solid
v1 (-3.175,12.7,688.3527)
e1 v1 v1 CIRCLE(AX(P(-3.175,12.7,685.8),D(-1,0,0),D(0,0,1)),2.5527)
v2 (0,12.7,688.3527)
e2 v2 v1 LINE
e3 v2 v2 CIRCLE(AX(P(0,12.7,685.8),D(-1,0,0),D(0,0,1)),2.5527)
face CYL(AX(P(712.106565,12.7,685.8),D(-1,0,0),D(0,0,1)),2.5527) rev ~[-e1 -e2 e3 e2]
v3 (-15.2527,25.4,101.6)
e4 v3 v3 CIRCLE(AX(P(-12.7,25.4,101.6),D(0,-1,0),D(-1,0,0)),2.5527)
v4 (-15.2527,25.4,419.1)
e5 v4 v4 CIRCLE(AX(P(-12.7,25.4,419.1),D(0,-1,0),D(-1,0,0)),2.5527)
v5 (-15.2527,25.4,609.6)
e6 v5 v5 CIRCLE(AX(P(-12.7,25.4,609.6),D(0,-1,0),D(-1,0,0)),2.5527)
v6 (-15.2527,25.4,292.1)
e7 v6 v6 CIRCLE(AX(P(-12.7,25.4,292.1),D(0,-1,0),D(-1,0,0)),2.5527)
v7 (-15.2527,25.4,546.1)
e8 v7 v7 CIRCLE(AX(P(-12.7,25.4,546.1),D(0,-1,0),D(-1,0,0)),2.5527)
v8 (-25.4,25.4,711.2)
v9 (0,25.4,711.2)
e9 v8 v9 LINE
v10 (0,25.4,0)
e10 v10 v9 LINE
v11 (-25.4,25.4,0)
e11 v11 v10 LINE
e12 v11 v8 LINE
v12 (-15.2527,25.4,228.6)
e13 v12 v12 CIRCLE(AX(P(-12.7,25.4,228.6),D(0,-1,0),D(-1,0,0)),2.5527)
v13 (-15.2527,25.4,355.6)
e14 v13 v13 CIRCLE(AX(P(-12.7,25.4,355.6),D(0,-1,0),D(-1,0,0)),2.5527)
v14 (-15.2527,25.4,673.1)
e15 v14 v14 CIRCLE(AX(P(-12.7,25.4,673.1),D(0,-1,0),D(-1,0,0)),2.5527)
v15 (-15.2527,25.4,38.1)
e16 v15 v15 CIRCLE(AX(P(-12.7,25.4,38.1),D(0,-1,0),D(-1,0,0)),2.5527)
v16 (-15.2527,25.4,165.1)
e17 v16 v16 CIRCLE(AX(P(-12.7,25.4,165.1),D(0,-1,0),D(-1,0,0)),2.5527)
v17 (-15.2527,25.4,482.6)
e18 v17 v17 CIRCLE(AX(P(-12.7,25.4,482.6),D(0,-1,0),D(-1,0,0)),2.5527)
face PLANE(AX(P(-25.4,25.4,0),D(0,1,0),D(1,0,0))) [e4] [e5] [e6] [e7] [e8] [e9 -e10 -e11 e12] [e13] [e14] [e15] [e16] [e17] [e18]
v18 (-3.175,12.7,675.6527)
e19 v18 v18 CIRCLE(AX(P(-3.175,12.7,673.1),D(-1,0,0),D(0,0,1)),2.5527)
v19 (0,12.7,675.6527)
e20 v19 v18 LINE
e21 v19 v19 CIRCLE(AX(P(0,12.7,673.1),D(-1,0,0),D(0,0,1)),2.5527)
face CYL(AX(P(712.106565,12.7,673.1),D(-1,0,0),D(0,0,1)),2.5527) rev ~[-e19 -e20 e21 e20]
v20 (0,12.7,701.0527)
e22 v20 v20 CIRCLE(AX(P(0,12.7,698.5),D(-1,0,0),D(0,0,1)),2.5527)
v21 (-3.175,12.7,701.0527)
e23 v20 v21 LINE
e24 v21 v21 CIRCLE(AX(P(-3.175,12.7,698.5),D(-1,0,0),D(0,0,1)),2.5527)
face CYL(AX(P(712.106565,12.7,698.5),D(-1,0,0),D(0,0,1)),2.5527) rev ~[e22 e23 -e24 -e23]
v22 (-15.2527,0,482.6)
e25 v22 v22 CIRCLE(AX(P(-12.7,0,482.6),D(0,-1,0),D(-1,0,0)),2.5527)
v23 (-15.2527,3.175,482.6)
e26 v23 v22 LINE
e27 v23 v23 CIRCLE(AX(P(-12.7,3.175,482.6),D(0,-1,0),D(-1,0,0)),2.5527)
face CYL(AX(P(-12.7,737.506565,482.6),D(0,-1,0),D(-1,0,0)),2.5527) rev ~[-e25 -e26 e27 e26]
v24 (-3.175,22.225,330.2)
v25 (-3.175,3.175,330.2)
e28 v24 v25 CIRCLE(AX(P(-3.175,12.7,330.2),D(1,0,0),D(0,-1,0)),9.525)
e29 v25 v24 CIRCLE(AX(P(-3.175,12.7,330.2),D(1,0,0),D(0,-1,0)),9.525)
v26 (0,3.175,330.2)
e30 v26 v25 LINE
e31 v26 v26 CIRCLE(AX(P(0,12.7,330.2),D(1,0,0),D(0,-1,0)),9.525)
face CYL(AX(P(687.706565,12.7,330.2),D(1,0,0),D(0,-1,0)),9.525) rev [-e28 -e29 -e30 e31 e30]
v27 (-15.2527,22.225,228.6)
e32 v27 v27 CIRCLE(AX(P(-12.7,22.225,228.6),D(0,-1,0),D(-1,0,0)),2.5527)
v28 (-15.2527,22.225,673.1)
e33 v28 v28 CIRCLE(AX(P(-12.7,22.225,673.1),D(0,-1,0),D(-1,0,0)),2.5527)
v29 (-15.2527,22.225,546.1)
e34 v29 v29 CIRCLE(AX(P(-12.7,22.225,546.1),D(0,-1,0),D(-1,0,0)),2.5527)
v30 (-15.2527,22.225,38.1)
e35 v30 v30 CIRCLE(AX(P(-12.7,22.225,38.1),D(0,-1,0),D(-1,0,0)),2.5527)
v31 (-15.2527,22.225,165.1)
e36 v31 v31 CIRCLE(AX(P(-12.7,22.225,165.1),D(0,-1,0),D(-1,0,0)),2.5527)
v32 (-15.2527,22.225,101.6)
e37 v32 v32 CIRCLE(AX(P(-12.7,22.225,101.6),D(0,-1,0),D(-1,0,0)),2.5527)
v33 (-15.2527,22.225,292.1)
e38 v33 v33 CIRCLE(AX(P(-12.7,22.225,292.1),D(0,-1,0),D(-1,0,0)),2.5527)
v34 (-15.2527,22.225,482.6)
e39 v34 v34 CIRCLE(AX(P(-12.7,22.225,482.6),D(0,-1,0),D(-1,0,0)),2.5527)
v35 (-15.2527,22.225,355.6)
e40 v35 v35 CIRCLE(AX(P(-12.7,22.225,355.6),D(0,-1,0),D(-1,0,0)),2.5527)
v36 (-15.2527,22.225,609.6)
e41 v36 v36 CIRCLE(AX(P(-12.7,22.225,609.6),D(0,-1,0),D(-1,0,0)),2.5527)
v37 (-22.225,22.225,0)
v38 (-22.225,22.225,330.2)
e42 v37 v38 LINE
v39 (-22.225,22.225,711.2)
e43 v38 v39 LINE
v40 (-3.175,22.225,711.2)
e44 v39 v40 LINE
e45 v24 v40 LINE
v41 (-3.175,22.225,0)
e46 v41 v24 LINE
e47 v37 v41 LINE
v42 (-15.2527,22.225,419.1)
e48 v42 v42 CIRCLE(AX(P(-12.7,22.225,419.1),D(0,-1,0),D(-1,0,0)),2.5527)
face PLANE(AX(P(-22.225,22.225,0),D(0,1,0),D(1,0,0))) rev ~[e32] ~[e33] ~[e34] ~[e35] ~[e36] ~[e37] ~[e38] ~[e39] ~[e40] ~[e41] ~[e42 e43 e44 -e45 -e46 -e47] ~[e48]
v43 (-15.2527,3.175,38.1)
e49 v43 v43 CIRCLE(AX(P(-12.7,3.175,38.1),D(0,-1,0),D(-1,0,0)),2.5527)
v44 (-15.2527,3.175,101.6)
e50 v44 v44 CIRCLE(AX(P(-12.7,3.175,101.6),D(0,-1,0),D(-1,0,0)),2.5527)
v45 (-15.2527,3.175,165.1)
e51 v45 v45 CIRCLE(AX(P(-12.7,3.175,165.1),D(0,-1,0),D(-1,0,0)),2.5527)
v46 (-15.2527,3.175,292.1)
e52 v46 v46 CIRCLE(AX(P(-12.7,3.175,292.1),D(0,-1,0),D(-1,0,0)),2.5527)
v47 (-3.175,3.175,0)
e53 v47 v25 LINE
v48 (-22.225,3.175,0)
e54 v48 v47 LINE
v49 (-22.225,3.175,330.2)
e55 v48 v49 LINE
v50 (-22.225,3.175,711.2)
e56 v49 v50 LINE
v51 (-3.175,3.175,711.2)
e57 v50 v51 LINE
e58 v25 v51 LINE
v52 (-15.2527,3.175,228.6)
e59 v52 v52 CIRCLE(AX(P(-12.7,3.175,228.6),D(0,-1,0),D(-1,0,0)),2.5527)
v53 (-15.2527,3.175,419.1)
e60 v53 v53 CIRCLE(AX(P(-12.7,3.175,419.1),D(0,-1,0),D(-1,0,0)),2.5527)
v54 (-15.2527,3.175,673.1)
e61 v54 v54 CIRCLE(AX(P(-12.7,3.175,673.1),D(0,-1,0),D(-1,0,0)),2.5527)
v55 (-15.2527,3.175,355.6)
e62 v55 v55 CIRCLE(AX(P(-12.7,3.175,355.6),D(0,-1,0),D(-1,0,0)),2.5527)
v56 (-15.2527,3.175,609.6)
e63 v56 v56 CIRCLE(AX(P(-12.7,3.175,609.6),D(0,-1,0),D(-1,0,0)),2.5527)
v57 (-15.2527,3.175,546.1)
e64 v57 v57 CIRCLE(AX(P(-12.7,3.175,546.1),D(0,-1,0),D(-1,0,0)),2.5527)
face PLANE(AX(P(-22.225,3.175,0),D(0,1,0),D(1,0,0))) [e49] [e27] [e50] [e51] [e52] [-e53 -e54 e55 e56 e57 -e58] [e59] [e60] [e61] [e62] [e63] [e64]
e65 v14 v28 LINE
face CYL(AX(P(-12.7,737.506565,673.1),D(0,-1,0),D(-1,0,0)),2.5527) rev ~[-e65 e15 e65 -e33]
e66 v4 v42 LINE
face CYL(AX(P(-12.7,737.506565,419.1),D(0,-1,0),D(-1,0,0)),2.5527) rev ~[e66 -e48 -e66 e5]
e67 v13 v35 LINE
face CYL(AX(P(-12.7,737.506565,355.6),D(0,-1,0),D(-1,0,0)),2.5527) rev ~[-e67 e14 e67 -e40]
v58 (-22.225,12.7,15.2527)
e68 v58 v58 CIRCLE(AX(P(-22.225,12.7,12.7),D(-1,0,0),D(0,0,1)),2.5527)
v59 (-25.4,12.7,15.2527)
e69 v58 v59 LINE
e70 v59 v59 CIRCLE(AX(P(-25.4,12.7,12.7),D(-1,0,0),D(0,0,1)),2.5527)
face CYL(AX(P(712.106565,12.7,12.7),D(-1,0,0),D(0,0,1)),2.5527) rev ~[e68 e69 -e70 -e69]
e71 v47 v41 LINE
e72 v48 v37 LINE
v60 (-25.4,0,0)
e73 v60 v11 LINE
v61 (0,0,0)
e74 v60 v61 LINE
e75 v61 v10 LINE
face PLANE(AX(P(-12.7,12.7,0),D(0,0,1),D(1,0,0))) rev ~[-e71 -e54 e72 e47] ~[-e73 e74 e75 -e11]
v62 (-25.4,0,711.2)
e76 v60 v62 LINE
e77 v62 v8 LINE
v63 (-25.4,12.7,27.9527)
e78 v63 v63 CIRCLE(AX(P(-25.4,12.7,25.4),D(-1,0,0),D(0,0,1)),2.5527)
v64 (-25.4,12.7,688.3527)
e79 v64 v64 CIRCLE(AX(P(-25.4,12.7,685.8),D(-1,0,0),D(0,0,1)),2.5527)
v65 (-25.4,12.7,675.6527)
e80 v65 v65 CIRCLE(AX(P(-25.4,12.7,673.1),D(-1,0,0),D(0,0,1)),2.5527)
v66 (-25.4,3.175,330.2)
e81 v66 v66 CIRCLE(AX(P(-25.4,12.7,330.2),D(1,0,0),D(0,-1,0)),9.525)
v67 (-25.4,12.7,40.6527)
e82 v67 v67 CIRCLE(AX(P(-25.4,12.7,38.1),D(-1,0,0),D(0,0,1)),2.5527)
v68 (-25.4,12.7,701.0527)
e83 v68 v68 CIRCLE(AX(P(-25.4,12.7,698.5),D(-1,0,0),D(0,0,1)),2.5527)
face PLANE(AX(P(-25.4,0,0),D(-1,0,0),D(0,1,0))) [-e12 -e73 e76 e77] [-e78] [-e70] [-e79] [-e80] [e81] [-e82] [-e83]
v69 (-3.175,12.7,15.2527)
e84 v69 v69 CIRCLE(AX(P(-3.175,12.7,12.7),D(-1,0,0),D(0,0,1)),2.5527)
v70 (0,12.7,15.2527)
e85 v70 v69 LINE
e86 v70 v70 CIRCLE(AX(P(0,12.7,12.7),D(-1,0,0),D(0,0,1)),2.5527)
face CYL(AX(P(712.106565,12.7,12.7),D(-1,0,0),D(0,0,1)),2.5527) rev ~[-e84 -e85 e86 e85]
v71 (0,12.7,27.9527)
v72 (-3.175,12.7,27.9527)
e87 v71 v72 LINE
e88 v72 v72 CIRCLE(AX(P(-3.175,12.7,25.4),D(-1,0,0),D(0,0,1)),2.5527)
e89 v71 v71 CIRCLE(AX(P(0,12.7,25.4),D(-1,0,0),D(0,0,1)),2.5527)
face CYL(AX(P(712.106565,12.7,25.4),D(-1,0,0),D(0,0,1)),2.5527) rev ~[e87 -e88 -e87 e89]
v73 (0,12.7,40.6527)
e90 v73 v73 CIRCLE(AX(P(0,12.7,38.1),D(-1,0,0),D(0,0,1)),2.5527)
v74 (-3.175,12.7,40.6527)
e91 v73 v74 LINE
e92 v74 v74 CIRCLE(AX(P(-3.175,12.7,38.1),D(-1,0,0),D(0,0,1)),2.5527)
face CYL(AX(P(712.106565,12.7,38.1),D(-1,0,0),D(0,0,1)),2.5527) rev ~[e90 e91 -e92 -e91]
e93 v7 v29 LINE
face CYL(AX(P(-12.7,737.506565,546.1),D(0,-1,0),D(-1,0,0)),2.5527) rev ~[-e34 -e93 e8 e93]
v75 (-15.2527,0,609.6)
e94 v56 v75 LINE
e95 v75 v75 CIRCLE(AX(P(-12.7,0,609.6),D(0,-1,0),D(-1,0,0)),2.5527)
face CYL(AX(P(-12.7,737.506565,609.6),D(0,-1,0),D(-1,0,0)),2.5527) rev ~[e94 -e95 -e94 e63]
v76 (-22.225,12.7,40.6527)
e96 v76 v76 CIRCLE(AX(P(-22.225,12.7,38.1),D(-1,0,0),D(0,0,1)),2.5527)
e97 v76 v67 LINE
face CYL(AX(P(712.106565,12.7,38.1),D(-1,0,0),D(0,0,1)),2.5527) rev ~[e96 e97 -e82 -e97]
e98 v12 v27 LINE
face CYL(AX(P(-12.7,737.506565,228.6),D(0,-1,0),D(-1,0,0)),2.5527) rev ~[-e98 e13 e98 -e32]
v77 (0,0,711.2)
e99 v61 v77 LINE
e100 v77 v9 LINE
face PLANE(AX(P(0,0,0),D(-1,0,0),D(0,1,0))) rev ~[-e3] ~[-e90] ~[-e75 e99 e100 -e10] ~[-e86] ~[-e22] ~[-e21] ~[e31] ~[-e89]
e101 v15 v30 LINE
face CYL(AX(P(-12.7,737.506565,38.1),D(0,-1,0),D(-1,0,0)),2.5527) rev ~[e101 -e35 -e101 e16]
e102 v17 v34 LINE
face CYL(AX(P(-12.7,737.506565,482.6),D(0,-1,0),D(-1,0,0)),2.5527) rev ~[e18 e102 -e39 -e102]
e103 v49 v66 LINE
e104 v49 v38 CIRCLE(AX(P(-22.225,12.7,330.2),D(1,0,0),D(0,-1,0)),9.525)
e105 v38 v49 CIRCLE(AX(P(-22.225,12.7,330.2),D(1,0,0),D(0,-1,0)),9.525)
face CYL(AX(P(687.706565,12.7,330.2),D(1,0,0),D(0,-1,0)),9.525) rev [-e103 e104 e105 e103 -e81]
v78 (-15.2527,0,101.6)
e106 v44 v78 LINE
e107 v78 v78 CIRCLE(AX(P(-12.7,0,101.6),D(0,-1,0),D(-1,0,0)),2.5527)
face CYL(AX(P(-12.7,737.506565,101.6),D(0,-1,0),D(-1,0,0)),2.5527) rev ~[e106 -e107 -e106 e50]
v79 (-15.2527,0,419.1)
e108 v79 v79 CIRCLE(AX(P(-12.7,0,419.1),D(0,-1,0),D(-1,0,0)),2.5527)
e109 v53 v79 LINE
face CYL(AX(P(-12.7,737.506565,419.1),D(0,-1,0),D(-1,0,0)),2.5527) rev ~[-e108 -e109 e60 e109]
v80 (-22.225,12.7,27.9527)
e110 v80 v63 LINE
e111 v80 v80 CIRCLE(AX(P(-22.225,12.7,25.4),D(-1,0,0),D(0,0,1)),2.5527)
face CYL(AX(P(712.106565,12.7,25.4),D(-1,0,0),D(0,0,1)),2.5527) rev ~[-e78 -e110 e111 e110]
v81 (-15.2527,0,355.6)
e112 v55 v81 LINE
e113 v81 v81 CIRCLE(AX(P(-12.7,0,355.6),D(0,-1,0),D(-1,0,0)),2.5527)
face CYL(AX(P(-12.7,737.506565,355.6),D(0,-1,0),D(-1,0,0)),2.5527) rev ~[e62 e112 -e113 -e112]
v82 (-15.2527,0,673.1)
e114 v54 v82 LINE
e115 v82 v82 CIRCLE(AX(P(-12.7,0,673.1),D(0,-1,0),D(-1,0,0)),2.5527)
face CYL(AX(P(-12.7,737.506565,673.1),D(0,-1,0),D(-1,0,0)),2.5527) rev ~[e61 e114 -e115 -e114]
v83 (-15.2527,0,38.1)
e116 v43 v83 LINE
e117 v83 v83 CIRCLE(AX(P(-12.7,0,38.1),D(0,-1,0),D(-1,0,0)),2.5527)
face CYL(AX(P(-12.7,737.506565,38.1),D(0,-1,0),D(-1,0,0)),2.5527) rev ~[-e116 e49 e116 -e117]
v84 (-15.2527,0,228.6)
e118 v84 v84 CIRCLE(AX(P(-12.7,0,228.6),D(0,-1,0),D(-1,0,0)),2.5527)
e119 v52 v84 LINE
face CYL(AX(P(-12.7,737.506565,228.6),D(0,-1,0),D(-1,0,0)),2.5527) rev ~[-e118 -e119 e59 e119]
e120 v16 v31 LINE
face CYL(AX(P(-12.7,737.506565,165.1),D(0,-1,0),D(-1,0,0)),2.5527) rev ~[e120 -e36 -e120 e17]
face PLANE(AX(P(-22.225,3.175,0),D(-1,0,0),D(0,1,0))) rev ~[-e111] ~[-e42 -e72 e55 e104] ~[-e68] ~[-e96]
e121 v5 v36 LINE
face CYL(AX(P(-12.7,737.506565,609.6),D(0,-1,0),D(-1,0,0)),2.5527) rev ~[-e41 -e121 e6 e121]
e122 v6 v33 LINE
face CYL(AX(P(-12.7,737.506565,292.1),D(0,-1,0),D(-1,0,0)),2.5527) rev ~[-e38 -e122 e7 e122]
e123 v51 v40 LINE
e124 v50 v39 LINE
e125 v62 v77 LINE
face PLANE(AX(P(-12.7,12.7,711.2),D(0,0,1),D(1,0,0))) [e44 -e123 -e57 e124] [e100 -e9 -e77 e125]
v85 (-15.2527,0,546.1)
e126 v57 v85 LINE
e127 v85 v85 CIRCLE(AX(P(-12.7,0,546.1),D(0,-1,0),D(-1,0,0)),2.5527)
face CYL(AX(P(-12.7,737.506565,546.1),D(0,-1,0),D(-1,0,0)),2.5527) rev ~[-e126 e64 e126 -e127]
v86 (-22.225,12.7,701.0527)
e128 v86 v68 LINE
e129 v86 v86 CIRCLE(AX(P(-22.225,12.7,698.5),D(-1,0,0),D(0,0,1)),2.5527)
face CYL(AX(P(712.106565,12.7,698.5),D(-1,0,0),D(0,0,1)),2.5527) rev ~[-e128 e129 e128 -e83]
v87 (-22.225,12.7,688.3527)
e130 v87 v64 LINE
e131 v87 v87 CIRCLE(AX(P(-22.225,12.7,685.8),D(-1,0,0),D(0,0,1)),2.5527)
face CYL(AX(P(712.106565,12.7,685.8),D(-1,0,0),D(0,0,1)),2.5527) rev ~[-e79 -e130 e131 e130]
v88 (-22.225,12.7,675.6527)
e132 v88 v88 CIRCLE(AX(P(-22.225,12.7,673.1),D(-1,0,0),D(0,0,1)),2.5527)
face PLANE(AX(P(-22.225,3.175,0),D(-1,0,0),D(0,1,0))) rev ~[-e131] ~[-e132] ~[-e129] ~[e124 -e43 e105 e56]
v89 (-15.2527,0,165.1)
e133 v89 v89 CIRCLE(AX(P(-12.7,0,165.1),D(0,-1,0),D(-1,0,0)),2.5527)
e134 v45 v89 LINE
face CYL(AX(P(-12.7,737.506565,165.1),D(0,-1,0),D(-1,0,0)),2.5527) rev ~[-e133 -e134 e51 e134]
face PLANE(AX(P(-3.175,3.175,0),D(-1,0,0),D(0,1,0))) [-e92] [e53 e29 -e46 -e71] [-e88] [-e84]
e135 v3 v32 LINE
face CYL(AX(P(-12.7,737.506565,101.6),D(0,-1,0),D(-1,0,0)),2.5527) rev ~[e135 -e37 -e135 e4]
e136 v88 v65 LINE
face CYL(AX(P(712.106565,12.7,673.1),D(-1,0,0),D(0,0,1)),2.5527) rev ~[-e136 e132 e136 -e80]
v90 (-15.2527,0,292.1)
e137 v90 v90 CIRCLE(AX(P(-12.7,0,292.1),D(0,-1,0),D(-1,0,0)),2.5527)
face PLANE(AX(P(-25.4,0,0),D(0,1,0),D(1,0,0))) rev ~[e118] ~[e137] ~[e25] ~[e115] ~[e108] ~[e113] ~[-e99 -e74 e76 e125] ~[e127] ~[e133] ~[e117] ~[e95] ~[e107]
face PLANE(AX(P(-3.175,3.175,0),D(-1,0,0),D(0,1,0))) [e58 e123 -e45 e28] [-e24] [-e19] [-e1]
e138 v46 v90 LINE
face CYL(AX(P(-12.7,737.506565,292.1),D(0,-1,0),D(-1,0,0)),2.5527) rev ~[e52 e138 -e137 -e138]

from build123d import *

# Parameters (mm, degrees)
SKETCH1_W               = 25.4
SKETCH1_H               = 25.4
SKETCH1_W_2             = 19.05
SKETCH1_H_2             = 19.05
EXTRUDE_THIN1_DEPTH     = 711.2
F_10_CLEARANCE_HOLE1_D  = 5.1054
LPATTERN1_COUNT         = 11
LPATTERN1_PITCH         = 63.5
F_10_CLEARANCE_HOLE2_D  = 5.1054
F_10_CLEARANCE_HOLE3_D  = 5.1054
CUT_EXTRUDE1_DEPTH      = 713.106565059
CUT_EXTRUDE1_DEPTH_BACK = 713.106565059
SKETCH8_R               = 9.525


with BuildPart() as part:
    # Sketch1 → Extrude-Thin1 (new body)
    with BuildSketch(Plane.XY):
        with Locations((-12.7, 12.7)):
            Rectangle(SKETCH1_W, SKETCH1_H)
        with Locations((-12.7, 12.7)):
            Rectangle(SKETCH1_W_2, SKETCH1_H_2, mode=Mode.SUBTRACT)
    extrude(amount=EXTRUDE_THIN1_DEPTH)

    # #10 Clearance Hole1 (through all)
    with Locations(Plane(origin=(0, 25.4, 0), x_dir=(1, 0, 0), z_dir=(0, 1, 0))):
        with Locations((-12.7, -673.1)):
            f_10_clearance_hole1 = Hole(F_10_CLEARANCE_HOLE1_D / 2)

    # LPattern1: #10 Clearance Hole1 ×11
    with Locations(*[(0, 0, -i * LPATTERN1_PITCH) for i in range(1, LPATTERN1_COUNT)]):
        add(f_10_clearance_hole1, mode=Mode.SUBTRACT)

    # #10 Clearance Hole2 (through all)
    with Locations(Plane(origin=(0, 0, 0), x_dir=(0, 0, -1), z_dir=(1, 0, 0))):
        with Locations((-698.5, 12.7), (-685.8, 12.7), (-673.1, 12.7)):
            Hole(F_10_CLEARANCE_HOLE2_D / 2)

    # #10 Clearance Hole3 (through all)
    with Locations(Plane(origin=(0, 0, 0), x_dir=(0, 0, -1), z_dir=(1, 0, 0))):
        with Locations((-38.1, 12.7), (-25.4, 12.7), (-12.7, 12.7)):
            Hole(F_10_CLEARANCE_HOLE3_D / 2)

    # Sketch8 → Cut-Extrude1 (cut, two sides: drawn at the far end of the back side and taken through both)
    with BuildSketch(Plane.ZY.offset(25.4).offset(-CUT_EXTRUDE1_DEPTH_BACK)):
        with Locations(Location((330.2, 12.7, 0), (0, 0, 270))):
            Circle(SKETCH8_R)
    extrude(amount=CUT_EXTRUDE1_DEPTH + CUT_EXTRUDE1_DEPTH_BACK, mode=Mode.SUBTRACT)


solid = part.part
